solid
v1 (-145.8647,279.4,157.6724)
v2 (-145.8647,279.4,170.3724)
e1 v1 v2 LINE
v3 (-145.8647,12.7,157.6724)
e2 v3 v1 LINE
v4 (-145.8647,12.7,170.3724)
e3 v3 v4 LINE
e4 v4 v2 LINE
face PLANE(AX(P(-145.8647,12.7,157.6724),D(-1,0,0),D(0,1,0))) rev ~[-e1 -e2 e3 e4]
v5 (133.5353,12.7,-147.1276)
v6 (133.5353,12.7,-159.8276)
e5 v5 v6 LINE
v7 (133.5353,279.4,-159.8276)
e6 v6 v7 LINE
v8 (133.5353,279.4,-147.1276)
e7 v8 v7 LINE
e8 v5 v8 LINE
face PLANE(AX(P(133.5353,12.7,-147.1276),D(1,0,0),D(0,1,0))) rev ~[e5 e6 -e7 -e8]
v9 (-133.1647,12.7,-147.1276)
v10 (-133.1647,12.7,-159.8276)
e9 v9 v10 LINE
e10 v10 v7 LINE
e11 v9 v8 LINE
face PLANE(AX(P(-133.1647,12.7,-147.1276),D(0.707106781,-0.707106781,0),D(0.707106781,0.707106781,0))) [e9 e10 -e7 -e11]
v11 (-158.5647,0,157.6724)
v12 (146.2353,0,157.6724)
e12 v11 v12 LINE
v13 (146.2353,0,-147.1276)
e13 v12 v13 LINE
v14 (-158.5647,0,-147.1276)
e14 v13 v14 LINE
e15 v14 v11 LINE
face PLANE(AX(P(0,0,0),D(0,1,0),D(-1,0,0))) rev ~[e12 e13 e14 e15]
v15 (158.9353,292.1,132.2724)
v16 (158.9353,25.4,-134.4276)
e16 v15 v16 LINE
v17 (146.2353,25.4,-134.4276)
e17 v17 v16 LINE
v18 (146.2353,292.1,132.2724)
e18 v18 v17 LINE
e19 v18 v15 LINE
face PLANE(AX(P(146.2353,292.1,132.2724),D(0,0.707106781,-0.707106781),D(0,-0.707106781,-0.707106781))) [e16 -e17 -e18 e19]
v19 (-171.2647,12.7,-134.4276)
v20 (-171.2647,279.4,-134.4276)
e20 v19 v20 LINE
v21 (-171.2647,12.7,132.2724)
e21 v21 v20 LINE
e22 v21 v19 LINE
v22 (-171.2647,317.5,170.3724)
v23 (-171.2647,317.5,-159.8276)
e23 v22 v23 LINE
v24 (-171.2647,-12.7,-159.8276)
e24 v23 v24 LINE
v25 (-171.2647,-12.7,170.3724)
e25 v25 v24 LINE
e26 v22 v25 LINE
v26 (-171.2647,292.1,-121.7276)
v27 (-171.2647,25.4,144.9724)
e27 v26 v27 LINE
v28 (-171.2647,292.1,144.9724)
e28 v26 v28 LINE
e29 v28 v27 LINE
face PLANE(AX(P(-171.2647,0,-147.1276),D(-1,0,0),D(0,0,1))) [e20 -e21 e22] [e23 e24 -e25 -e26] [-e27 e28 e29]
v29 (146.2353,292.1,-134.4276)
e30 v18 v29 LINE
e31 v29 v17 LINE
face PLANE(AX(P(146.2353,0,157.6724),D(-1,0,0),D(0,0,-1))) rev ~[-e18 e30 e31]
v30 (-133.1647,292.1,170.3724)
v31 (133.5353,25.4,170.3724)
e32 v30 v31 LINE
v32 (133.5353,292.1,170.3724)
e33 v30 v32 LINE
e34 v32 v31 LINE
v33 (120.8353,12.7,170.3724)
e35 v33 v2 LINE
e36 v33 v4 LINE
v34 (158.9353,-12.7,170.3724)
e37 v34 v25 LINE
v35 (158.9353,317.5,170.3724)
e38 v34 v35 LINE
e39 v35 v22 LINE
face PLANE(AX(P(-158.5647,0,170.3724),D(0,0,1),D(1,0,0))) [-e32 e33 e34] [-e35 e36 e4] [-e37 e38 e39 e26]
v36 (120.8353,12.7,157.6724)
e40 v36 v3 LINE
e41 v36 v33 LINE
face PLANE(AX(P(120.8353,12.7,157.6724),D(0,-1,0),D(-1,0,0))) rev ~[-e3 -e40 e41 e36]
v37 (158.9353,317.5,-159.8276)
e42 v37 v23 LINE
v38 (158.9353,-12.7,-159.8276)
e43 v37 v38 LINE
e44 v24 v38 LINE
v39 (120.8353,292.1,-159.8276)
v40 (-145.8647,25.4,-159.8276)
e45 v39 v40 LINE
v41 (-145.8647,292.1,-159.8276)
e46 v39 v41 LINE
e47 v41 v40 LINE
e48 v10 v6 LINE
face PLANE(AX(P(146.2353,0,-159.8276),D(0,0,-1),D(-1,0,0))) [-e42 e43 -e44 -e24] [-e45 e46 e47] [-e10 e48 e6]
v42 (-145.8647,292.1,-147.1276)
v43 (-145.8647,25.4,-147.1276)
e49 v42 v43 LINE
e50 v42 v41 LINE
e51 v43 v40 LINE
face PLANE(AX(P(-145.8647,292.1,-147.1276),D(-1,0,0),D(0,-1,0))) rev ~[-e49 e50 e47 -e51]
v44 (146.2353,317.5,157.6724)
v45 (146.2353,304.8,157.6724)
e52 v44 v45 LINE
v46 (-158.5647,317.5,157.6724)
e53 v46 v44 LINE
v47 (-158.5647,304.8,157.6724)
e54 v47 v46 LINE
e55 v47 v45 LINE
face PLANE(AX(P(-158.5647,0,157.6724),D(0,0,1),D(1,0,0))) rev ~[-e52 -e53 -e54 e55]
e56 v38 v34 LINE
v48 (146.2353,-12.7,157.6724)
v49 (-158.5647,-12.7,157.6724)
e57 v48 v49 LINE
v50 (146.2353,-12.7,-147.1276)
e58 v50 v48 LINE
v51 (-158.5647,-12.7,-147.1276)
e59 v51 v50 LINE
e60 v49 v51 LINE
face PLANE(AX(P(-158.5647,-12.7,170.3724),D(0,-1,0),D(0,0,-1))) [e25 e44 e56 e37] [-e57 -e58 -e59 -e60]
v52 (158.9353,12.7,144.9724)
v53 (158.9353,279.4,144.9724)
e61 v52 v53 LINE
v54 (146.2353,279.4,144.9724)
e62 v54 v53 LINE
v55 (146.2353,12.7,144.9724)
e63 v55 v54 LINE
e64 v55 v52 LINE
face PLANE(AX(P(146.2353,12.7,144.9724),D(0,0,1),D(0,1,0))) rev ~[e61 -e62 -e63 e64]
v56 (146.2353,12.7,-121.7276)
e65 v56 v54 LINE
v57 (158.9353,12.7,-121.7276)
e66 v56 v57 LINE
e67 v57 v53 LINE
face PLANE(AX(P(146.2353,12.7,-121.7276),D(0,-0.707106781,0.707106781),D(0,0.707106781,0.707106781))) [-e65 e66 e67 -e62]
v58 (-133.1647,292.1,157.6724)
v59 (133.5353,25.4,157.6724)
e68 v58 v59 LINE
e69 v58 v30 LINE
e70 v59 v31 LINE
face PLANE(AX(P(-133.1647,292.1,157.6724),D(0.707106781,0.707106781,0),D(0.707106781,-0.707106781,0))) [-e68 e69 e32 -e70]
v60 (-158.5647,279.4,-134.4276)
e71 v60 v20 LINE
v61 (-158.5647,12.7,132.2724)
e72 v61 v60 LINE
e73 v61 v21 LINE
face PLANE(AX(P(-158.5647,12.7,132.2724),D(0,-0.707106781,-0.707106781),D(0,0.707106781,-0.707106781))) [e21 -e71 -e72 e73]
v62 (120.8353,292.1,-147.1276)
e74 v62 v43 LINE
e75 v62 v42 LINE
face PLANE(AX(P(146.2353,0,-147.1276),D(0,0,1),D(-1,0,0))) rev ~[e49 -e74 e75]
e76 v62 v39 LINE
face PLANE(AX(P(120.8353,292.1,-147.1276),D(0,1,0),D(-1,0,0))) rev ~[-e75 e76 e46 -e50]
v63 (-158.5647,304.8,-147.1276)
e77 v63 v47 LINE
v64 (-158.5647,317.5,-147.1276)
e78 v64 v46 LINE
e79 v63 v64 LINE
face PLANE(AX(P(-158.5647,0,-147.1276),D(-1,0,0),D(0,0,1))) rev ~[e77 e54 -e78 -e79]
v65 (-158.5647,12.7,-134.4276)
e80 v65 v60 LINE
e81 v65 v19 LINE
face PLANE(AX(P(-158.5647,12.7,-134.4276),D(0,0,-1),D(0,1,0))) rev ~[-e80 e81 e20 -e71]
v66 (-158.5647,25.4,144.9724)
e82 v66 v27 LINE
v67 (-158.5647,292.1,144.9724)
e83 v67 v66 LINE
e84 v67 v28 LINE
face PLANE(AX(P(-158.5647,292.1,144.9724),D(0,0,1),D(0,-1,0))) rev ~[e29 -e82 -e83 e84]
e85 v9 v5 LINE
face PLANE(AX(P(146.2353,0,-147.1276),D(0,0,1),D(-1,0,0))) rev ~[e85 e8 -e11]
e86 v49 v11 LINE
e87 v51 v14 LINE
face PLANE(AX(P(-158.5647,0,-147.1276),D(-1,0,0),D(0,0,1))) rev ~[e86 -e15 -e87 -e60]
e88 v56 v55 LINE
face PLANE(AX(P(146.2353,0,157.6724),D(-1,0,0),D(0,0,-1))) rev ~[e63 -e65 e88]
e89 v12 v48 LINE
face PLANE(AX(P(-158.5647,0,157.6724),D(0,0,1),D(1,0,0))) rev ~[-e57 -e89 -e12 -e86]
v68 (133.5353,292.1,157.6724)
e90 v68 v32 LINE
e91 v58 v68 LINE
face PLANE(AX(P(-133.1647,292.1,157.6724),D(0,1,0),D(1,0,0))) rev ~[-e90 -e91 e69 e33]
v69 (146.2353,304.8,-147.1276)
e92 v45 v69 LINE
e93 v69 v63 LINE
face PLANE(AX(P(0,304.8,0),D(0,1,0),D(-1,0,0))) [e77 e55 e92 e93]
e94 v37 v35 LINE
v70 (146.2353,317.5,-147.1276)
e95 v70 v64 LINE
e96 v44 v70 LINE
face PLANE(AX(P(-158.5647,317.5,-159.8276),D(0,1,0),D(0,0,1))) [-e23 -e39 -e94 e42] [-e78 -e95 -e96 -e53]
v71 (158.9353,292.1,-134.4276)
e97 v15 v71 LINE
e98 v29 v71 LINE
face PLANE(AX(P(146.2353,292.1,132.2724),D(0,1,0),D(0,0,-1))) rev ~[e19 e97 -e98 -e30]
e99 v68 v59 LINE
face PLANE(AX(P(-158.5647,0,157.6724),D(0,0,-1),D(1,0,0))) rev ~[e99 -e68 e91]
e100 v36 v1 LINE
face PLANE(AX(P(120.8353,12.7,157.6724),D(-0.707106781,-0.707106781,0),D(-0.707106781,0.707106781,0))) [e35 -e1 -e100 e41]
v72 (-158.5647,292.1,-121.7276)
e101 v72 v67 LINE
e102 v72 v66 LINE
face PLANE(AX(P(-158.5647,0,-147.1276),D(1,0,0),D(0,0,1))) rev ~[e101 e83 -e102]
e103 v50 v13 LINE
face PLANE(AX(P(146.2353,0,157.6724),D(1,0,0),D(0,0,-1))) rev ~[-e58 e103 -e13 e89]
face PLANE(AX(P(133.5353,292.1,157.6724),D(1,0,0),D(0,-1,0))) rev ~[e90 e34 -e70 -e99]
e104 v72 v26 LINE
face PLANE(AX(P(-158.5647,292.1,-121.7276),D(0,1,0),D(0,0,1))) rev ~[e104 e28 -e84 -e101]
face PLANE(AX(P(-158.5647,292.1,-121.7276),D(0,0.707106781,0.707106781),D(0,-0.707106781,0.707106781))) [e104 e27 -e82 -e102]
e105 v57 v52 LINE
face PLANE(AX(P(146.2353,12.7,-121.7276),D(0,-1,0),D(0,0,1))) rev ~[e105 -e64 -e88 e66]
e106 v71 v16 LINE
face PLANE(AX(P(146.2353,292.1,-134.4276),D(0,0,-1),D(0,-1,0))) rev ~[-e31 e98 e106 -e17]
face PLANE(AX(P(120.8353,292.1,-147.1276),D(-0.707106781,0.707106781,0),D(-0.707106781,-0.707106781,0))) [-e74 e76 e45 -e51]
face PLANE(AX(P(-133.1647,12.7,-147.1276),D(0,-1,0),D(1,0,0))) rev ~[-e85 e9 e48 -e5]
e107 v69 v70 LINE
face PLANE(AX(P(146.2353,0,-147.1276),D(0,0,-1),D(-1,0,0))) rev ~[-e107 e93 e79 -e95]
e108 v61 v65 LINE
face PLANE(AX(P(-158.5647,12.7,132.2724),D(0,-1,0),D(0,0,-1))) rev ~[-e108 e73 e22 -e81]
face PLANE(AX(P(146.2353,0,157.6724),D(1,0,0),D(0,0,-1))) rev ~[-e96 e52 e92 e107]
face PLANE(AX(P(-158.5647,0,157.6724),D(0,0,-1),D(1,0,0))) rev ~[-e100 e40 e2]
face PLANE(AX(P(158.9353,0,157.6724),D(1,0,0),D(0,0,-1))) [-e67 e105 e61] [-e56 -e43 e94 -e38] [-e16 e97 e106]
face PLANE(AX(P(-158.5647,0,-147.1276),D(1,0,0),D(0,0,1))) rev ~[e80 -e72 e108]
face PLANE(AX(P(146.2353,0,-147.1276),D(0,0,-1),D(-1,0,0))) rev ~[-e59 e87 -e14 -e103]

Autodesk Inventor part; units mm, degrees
ref_plane "YZ Plane" through (0, 0, 0) normal (1, 0, 0) x (0, 1, 0)
ref_plane "XZ Plane" through (0, 0, 0) normal (0, 1, 0) x (-1, 0, 0)
ref_plane "XY Plane" through (0, 0, 0) normal (0, 0, 1) x (1, 0, 0)
sketch "Sketch1" plane through (0, 0, 0) normal (0, 1, 0) x (-1, 0, 0)
  line L0 (158.5647, 157.6724) -> (-146.2353, 157.6724)
  line L1 (-146.2353, 157.6724) -> (-146.2353, -147.1276)
  line L2 (-146.2353, -147.1276) -> (158.5647, -147.1276)
  line L3 (158.5647, -147.1276) -> (158.5647, 157.6724)
  point P0 (0, 0)
  dimension "d0" = 304.8
  dimension "d1" = 304.8
extrude "Extrusion1" add sketch "Sketch1" along normal blind 304.8
sketch "Sketch2" plane through (146.2353, 0, 157.6724) normal (1, 0, 0) x (0, 0, -1)
  line L0 (-12.7, 317.5) -> (317.5, 317.5)
  line L1 (317.5, 317.5) -> (317.5, -12.7)
  line L2 (317.5, -12.7) -> (-12.7, -12.7)
  line L3 (-12.7, -12.7) -> (-12.7, 317.5)
  line L4 (0, 304.8) -> (304.8, 304.8) projected
  line L5 (0, 0) -> (0, 304.8) projected
  line L6 (12.7, 292.1) -> (292.1, 292.1)
  line L7 (292.1, 292.1) -> (292.1, 12.7)
  line L8 (292.1, 12.7) -> (12.7, 12.7)
  line L9 (12.7, 12.7) -> (12.7, 292.1)
  line L10 (25.4, 292.1) -> (292.1, 25.4)
  line L11 (279.4, 12.7) -> (12.7, 279.4)
  point P0 (157.6724, 0)
  dimension "d4" = 330.2
  dimension "d5" = 330.2
  dimension "d6" = 12.7
  dimension "d7" = 12.7
  dimension "d8" = 25.4
  dimension "d9" = 25.4
  dimension "d10" = 25.4
  dimension "d11" = 25.4
  dimension "d17" = 12.7
  dimension "d18" = 12.7
  dimension "d19" = 12.7
extrude "Extrusion2" add sketch "Sketch2" along normal blind 12.7 contours L0 L1 L2 L3 | L6 L10 L7 L8 L11 L9
ref_plane "Work Plane1" through (-6.1647, 0, -147.1276) normal (-1, 0, 0) x (0, 0, 1)
ref_plane "Work Plane2" through (-158.5647, 0, 5.2724) normal (0, 0, 1) x (1, 0, 0)
pattern_circular "Circular Pattern1" count 4 over 360 about axis through (-6.1647, 0, 5.2724) along (0, 1, 0) of "Extrusion2"
properties part number "cargoPrototype" material "Wood (Maple)"
